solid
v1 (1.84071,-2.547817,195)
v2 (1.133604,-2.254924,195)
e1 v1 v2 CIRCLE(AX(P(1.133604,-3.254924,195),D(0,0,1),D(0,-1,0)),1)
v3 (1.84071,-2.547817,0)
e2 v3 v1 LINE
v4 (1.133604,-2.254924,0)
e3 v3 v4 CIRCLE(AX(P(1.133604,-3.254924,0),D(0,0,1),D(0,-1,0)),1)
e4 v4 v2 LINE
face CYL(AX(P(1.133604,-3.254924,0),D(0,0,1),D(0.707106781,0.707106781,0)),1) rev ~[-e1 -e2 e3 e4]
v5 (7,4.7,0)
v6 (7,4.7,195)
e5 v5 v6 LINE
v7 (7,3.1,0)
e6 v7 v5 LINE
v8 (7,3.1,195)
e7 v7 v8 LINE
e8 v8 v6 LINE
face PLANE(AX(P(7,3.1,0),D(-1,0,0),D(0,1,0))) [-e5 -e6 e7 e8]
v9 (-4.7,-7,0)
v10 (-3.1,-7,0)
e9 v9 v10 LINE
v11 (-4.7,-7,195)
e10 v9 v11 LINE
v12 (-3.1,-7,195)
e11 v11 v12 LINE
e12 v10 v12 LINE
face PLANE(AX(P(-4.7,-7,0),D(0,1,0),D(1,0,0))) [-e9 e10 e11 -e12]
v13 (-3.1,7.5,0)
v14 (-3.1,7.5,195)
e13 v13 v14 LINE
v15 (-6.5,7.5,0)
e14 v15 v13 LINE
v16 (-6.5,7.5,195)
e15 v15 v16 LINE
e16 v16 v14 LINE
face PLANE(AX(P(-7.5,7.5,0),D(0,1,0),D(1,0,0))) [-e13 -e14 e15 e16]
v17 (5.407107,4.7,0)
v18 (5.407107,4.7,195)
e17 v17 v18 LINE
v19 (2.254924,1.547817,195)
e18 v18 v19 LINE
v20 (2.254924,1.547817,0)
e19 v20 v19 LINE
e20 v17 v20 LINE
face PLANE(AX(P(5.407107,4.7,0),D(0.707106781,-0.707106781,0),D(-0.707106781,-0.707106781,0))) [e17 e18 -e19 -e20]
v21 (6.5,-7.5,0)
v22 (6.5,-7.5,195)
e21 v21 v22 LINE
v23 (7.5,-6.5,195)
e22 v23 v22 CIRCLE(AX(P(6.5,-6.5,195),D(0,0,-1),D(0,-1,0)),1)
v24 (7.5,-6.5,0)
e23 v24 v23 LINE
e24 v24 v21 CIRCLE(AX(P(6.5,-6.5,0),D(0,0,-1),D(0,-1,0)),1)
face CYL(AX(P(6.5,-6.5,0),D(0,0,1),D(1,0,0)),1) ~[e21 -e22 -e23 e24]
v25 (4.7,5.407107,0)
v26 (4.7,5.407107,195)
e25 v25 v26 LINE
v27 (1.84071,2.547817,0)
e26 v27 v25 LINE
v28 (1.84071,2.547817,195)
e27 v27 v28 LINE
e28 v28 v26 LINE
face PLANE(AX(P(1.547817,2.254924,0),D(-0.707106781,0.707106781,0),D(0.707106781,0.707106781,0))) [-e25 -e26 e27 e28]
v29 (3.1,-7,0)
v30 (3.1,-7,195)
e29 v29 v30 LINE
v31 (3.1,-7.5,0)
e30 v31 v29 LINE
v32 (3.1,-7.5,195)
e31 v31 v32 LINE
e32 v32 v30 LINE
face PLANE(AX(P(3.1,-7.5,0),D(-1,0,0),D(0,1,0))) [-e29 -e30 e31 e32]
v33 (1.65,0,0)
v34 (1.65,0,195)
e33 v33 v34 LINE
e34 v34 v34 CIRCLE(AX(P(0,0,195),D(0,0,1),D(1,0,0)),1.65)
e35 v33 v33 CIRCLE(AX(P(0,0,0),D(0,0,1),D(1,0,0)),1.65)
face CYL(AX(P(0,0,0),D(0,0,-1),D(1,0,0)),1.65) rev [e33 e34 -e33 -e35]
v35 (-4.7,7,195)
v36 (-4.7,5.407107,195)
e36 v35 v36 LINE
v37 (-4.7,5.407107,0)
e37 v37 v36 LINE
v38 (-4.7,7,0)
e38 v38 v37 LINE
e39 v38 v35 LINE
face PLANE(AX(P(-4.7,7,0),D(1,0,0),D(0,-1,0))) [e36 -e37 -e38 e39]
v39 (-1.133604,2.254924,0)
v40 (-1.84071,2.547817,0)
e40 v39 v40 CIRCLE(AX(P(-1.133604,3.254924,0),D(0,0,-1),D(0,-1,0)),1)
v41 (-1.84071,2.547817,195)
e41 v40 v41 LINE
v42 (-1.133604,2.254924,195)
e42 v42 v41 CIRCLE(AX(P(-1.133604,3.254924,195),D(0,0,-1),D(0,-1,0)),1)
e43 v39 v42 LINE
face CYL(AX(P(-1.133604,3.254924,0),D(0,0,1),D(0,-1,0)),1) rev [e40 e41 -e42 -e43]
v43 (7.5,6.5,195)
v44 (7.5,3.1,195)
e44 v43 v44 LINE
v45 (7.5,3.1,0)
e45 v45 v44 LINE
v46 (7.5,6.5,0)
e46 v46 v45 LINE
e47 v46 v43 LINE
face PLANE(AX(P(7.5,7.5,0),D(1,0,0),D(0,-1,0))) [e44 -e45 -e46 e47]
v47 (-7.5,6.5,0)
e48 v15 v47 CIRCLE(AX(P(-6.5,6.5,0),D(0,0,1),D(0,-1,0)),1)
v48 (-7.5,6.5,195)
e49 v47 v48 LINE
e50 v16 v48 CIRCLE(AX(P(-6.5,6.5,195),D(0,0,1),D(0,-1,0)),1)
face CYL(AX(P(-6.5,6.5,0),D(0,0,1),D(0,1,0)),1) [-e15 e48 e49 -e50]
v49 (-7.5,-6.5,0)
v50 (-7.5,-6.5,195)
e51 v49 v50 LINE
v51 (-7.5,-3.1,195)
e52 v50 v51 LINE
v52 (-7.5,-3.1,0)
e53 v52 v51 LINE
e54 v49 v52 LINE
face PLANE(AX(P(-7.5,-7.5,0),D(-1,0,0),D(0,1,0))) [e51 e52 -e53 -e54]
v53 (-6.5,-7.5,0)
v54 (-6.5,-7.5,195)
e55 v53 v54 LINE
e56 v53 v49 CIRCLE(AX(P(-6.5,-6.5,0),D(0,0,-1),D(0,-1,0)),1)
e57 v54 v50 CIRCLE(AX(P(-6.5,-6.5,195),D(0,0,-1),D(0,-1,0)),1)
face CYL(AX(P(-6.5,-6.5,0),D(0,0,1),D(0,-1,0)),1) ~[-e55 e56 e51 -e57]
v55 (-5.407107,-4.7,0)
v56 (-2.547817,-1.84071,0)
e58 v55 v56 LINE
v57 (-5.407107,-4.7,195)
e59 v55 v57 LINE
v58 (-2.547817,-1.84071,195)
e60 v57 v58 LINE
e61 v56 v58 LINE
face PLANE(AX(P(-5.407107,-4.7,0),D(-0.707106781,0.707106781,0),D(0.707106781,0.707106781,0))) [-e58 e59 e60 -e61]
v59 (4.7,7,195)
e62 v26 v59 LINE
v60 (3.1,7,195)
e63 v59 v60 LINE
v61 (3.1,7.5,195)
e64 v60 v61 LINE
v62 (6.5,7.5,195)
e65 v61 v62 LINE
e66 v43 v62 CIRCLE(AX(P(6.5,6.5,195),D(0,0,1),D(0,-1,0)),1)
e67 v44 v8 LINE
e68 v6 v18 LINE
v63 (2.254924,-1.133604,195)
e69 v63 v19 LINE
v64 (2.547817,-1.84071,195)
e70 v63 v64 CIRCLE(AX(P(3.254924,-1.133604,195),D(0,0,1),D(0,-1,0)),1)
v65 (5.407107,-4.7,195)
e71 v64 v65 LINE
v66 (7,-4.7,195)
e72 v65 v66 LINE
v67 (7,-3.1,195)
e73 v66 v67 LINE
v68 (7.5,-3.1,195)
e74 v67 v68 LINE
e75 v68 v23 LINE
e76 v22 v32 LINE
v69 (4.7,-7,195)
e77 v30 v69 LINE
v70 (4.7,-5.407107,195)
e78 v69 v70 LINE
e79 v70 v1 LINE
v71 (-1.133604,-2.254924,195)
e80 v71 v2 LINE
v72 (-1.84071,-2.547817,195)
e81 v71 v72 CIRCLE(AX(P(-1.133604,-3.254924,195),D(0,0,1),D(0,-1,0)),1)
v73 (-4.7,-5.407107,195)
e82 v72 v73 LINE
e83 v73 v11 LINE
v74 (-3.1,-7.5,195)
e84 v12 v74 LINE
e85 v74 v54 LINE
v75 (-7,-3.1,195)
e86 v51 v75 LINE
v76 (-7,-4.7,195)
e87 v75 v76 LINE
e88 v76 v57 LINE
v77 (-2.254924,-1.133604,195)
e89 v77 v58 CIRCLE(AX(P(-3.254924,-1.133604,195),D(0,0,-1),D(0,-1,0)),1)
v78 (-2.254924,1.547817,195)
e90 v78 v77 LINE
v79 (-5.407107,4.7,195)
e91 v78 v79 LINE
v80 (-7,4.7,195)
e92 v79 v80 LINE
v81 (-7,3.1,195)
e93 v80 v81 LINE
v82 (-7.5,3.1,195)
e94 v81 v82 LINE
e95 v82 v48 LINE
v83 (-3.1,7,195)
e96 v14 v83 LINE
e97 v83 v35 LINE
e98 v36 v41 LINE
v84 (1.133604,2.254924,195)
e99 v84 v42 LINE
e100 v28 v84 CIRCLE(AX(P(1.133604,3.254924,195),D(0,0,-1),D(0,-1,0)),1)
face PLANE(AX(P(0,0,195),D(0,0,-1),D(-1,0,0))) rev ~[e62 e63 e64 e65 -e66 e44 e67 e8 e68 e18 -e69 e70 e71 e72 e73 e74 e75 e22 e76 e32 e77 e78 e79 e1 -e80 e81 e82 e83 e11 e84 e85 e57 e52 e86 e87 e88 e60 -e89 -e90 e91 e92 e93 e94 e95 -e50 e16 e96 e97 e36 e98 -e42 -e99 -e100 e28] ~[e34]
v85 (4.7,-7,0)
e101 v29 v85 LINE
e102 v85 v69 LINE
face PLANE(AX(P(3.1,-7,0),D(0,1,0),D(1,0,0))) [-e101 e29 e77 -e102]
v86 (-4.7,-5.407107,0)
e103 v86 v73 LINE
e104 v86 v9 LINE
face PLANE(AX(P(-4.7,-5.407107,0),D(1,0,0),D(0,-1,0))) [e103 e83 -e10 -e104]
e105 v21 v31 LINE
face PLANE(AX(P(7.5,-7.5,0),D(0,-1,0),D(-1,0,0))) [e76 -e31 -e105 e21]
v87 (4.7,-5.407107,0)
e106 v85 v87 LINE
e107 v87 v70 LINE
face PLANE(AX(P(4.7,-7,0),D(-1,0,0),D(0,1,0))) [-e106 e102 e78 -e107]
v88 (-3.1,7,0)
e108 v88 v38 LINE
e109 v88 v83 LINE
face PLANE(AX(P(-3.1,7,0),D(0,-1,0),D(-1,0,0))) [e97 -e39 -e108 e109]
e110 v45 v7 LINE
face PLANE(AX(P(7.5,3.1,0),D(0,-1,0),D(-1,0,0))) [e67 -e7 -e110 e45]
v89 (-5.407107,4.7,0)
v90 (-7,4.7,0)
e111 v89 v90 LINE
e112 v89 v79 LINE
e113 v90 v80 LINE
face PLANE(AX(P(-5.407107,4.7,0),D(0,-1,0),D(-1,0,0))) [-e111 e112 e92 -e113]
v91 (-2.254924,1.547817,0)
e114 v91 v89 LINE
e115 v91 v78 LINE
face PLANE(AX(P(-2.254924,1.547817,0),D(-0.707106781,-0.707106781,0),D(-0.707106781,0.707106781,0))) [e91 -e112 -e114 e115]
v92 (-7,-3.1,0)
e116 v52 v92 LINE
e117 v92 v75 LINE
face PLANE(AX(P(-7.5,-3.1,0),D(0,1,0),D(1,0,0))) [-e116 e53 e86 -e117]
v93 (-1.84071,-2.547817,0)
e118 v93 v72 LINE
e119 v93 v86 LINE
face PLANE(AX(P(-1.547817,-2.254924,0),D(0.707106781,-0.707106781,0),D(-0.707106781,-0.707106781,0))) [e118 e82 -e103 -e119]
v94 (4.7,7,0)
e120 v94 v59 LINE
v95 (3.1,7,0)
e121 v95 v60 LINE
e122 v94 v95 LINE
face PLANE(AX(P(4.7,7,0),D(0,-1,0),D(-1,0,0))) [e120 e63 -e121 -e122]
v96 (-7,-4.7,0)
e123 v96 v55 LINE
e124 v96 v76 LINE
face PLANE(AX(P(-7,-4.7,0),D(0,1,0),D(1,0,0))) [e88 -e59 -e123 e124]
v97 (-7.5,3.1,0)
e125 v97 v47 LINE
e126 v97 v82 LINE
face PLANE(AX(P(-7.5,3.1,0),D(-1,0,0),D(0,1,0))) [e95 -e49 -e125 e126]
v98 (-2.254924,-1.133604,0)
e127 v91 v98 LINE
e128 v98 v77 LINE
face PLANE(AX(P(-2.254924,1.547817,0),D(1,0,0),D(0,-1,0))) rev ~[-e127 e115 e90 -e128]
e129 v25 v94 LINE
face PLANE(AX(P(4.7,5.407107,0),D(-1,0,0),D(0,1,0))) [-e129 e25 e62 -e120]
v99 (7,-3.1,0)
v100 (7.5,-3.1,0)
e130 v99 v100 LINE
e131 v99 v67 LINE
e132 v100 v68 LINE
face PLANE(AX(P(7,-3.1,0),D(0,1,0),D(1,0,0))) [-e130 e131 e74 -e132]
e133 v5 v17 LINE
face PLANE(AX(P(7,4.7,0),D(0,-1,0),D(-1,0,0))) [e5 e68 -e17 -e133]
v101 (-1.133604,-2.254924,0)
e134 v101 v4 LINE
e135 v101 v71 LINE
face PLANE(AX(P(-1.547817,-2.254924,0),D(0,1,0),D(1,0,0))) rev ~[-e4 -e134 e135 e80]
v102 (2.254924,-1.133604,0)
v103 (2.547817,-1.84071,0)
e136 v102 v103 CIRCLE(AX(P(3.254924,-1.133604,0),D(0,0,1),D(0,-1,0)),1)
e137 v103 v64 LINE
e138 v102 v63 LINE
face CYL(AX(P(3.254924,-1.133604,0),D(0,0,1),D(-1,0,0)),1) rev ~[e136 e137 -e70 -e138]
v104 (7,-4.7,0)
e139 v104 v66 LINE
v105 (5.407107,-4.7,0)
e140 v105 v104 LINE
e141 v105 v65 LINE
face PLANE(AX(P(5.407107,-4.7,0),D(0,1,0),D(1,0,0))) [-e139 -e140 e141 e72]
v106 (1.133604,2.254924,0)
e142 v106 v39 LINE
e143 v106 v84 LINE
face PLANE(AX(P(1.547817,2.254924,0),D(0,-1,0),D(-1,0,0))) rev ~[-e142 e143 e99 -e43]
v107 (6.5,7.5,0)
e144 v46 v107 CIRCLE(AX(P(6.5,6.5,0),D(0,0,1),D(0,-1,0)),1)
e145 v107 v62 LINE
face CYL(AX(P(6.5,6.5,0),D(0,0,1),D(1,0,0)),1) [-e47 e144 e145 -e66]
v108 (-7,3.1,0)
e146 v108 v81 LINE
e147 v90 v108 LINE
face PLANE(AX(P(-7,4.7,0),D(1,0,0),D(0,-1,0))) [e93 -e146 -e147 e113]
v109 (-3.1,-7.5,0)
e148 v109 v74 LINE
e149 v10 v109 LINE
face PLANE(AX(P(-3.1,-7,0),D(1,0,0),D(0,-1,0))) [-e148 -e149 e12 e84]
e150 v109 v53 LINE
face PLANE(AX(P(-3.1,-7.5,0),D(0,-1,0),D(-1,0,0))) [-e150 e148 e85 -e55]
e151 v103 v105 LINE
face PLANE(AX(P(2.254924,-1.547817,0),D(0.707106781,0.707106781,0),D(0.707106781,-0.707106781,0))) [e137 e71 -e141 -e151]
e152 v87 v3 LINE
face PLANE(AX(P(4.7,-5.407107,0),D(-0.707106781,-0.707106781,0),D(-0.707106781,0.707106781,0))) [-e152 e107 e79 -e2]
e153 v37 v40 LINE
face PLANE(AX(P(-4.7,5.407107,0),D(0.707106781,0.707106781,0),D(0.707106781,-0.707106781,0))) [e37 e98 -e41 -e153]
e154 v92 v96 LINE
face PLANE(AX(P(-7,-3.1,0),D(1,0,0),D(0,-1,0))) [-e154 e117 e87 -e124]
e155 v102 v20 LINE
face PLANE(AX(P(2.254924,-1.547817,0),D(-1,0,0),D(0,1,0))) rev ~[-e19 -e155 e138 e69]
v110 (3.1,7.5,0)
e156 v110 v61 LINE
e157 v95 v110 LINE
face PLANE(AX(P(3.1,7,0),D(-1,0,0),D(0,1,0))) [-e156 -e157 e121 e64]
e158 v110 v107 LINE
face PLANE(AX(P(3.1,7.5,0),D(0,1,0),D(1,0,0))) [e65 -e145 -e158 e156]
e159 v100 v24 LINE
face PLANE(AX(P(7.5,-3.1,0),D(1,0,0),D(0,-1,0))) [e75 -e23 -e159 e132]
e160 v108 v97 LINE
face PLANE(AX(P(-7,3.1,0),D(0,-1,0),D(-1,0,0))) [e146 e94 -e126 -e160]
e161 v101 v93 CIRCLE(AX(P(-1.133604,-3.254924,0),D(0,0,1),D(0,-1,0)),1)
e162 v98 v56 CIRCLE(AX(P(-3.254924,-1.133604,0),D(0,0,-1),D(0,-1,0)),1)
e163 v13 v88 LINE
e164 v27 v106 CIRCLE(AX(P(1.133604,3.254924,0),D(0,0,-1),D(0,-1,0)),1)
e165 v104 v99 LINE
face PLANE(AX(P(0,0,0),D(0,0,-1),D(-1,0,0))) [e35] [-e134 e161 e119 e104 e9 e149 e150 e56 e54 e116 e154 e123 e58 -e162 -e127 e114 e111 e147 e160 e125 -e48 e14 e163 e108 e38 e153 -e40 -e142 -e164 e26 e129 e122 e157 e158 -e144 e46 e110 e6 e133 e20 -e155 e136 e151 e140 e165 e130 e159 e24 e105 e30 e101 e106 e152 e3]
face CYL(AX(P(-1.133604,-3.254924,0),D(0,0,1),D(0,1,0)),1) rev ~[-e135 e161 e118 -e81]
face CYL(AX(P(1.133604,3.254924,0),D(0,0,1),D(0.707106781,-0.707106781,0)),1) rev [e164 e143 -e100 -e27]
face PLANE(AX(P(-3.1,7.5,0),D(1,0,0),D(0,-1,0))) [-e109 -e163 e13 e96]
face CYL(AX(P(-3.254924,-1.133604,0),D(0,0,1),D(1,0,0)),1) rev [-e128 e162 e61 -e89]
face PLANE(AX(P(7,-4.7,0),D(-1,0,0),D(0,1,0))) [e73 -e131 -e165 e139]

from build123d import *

# Parameters (mm, degrees)
SKETCH_1_R      = 1.65
EXTRUDE_1_DEPTH = 195
FILLET_1_R      = 1


with BuildPart() as part:
    # 草图1 → 凸台-拉伸1 (new body)
    with BuildSketch(Plane.XY):
        Polygon((7.5, 7.5), (7.5, 3.1), (7, 3.1), (7, 4.7), (5.407106781, 4.7), (2.254923973, 1.547817192), (2.254923973, 0), (2.254923973, -1.547817192), (5.407106781, -4.7), (7, -4.7), (7, -3.1), (7.5, -3.1), (7.5, -7.5), (3.1, -7.5), (3.1, -7), (4.7, -7), (4.7, -5.407106781), (1.547817192, -2.254923973), (0, -2.254923973), (-1.547817192, -2.254923973), (-4.7, -5.407106781), (-4.7, -7), (-3.1, -7), (-3.1, -7.5), (-7.5, -7.5), (-7.5, -3.1), (-7, -3.1), (-7, -4.7), (-5.407106781, -4.7), (-2.254923973, -1.547817192), (-2.254923973, 0), (-2.254923973, 1.547817192), (-5.407106781, 4.7), (-7, 4.7), (-7, 3.1), (-7.5, 3.1), (-7.5, 7.5), (-3.1, 7.5), (-3.1, 7), (-4.7, 7), (-4.7, 5.407106781), (-1.547817192, 2.254923973), (0, 2.254923973), (1.547817192, 2.254923973), (4.7, 5.407106781), (4.7, 7), (3.1, 7), (3.1, 7.5), align=None)
        Circle(SKETCH_1_R, mode=Mode.SUBTRACT)
    extrude(amount=EXTRUDE_1_DEPTH)

    # 圆角1
    fillet_1_edges = [part.edges().sort_by_distance(p)[0] for p in [
        (7.5, 7.5, 97.5),
        (2.254923973, -1.547817192, 97.5),
        (7.5, -7.5, 97.5),
        (1.547817192, -2.254923973, 97.5),
        (-1.547817192, -2.254923973, 97.5),
        (-7.5, -7.5, 97.5),
        (-2.254923973, -1.547817192, 97.5),
        (-7.5, 7.5, 97.5),
        (-1.547817192, 2.254923973, 97.5),
        (1.547817192, 2.254923973, 97.5),
    ]]
    fillet(fillet_1_edges, radius=FILLET_1_R)


solid = part.part
